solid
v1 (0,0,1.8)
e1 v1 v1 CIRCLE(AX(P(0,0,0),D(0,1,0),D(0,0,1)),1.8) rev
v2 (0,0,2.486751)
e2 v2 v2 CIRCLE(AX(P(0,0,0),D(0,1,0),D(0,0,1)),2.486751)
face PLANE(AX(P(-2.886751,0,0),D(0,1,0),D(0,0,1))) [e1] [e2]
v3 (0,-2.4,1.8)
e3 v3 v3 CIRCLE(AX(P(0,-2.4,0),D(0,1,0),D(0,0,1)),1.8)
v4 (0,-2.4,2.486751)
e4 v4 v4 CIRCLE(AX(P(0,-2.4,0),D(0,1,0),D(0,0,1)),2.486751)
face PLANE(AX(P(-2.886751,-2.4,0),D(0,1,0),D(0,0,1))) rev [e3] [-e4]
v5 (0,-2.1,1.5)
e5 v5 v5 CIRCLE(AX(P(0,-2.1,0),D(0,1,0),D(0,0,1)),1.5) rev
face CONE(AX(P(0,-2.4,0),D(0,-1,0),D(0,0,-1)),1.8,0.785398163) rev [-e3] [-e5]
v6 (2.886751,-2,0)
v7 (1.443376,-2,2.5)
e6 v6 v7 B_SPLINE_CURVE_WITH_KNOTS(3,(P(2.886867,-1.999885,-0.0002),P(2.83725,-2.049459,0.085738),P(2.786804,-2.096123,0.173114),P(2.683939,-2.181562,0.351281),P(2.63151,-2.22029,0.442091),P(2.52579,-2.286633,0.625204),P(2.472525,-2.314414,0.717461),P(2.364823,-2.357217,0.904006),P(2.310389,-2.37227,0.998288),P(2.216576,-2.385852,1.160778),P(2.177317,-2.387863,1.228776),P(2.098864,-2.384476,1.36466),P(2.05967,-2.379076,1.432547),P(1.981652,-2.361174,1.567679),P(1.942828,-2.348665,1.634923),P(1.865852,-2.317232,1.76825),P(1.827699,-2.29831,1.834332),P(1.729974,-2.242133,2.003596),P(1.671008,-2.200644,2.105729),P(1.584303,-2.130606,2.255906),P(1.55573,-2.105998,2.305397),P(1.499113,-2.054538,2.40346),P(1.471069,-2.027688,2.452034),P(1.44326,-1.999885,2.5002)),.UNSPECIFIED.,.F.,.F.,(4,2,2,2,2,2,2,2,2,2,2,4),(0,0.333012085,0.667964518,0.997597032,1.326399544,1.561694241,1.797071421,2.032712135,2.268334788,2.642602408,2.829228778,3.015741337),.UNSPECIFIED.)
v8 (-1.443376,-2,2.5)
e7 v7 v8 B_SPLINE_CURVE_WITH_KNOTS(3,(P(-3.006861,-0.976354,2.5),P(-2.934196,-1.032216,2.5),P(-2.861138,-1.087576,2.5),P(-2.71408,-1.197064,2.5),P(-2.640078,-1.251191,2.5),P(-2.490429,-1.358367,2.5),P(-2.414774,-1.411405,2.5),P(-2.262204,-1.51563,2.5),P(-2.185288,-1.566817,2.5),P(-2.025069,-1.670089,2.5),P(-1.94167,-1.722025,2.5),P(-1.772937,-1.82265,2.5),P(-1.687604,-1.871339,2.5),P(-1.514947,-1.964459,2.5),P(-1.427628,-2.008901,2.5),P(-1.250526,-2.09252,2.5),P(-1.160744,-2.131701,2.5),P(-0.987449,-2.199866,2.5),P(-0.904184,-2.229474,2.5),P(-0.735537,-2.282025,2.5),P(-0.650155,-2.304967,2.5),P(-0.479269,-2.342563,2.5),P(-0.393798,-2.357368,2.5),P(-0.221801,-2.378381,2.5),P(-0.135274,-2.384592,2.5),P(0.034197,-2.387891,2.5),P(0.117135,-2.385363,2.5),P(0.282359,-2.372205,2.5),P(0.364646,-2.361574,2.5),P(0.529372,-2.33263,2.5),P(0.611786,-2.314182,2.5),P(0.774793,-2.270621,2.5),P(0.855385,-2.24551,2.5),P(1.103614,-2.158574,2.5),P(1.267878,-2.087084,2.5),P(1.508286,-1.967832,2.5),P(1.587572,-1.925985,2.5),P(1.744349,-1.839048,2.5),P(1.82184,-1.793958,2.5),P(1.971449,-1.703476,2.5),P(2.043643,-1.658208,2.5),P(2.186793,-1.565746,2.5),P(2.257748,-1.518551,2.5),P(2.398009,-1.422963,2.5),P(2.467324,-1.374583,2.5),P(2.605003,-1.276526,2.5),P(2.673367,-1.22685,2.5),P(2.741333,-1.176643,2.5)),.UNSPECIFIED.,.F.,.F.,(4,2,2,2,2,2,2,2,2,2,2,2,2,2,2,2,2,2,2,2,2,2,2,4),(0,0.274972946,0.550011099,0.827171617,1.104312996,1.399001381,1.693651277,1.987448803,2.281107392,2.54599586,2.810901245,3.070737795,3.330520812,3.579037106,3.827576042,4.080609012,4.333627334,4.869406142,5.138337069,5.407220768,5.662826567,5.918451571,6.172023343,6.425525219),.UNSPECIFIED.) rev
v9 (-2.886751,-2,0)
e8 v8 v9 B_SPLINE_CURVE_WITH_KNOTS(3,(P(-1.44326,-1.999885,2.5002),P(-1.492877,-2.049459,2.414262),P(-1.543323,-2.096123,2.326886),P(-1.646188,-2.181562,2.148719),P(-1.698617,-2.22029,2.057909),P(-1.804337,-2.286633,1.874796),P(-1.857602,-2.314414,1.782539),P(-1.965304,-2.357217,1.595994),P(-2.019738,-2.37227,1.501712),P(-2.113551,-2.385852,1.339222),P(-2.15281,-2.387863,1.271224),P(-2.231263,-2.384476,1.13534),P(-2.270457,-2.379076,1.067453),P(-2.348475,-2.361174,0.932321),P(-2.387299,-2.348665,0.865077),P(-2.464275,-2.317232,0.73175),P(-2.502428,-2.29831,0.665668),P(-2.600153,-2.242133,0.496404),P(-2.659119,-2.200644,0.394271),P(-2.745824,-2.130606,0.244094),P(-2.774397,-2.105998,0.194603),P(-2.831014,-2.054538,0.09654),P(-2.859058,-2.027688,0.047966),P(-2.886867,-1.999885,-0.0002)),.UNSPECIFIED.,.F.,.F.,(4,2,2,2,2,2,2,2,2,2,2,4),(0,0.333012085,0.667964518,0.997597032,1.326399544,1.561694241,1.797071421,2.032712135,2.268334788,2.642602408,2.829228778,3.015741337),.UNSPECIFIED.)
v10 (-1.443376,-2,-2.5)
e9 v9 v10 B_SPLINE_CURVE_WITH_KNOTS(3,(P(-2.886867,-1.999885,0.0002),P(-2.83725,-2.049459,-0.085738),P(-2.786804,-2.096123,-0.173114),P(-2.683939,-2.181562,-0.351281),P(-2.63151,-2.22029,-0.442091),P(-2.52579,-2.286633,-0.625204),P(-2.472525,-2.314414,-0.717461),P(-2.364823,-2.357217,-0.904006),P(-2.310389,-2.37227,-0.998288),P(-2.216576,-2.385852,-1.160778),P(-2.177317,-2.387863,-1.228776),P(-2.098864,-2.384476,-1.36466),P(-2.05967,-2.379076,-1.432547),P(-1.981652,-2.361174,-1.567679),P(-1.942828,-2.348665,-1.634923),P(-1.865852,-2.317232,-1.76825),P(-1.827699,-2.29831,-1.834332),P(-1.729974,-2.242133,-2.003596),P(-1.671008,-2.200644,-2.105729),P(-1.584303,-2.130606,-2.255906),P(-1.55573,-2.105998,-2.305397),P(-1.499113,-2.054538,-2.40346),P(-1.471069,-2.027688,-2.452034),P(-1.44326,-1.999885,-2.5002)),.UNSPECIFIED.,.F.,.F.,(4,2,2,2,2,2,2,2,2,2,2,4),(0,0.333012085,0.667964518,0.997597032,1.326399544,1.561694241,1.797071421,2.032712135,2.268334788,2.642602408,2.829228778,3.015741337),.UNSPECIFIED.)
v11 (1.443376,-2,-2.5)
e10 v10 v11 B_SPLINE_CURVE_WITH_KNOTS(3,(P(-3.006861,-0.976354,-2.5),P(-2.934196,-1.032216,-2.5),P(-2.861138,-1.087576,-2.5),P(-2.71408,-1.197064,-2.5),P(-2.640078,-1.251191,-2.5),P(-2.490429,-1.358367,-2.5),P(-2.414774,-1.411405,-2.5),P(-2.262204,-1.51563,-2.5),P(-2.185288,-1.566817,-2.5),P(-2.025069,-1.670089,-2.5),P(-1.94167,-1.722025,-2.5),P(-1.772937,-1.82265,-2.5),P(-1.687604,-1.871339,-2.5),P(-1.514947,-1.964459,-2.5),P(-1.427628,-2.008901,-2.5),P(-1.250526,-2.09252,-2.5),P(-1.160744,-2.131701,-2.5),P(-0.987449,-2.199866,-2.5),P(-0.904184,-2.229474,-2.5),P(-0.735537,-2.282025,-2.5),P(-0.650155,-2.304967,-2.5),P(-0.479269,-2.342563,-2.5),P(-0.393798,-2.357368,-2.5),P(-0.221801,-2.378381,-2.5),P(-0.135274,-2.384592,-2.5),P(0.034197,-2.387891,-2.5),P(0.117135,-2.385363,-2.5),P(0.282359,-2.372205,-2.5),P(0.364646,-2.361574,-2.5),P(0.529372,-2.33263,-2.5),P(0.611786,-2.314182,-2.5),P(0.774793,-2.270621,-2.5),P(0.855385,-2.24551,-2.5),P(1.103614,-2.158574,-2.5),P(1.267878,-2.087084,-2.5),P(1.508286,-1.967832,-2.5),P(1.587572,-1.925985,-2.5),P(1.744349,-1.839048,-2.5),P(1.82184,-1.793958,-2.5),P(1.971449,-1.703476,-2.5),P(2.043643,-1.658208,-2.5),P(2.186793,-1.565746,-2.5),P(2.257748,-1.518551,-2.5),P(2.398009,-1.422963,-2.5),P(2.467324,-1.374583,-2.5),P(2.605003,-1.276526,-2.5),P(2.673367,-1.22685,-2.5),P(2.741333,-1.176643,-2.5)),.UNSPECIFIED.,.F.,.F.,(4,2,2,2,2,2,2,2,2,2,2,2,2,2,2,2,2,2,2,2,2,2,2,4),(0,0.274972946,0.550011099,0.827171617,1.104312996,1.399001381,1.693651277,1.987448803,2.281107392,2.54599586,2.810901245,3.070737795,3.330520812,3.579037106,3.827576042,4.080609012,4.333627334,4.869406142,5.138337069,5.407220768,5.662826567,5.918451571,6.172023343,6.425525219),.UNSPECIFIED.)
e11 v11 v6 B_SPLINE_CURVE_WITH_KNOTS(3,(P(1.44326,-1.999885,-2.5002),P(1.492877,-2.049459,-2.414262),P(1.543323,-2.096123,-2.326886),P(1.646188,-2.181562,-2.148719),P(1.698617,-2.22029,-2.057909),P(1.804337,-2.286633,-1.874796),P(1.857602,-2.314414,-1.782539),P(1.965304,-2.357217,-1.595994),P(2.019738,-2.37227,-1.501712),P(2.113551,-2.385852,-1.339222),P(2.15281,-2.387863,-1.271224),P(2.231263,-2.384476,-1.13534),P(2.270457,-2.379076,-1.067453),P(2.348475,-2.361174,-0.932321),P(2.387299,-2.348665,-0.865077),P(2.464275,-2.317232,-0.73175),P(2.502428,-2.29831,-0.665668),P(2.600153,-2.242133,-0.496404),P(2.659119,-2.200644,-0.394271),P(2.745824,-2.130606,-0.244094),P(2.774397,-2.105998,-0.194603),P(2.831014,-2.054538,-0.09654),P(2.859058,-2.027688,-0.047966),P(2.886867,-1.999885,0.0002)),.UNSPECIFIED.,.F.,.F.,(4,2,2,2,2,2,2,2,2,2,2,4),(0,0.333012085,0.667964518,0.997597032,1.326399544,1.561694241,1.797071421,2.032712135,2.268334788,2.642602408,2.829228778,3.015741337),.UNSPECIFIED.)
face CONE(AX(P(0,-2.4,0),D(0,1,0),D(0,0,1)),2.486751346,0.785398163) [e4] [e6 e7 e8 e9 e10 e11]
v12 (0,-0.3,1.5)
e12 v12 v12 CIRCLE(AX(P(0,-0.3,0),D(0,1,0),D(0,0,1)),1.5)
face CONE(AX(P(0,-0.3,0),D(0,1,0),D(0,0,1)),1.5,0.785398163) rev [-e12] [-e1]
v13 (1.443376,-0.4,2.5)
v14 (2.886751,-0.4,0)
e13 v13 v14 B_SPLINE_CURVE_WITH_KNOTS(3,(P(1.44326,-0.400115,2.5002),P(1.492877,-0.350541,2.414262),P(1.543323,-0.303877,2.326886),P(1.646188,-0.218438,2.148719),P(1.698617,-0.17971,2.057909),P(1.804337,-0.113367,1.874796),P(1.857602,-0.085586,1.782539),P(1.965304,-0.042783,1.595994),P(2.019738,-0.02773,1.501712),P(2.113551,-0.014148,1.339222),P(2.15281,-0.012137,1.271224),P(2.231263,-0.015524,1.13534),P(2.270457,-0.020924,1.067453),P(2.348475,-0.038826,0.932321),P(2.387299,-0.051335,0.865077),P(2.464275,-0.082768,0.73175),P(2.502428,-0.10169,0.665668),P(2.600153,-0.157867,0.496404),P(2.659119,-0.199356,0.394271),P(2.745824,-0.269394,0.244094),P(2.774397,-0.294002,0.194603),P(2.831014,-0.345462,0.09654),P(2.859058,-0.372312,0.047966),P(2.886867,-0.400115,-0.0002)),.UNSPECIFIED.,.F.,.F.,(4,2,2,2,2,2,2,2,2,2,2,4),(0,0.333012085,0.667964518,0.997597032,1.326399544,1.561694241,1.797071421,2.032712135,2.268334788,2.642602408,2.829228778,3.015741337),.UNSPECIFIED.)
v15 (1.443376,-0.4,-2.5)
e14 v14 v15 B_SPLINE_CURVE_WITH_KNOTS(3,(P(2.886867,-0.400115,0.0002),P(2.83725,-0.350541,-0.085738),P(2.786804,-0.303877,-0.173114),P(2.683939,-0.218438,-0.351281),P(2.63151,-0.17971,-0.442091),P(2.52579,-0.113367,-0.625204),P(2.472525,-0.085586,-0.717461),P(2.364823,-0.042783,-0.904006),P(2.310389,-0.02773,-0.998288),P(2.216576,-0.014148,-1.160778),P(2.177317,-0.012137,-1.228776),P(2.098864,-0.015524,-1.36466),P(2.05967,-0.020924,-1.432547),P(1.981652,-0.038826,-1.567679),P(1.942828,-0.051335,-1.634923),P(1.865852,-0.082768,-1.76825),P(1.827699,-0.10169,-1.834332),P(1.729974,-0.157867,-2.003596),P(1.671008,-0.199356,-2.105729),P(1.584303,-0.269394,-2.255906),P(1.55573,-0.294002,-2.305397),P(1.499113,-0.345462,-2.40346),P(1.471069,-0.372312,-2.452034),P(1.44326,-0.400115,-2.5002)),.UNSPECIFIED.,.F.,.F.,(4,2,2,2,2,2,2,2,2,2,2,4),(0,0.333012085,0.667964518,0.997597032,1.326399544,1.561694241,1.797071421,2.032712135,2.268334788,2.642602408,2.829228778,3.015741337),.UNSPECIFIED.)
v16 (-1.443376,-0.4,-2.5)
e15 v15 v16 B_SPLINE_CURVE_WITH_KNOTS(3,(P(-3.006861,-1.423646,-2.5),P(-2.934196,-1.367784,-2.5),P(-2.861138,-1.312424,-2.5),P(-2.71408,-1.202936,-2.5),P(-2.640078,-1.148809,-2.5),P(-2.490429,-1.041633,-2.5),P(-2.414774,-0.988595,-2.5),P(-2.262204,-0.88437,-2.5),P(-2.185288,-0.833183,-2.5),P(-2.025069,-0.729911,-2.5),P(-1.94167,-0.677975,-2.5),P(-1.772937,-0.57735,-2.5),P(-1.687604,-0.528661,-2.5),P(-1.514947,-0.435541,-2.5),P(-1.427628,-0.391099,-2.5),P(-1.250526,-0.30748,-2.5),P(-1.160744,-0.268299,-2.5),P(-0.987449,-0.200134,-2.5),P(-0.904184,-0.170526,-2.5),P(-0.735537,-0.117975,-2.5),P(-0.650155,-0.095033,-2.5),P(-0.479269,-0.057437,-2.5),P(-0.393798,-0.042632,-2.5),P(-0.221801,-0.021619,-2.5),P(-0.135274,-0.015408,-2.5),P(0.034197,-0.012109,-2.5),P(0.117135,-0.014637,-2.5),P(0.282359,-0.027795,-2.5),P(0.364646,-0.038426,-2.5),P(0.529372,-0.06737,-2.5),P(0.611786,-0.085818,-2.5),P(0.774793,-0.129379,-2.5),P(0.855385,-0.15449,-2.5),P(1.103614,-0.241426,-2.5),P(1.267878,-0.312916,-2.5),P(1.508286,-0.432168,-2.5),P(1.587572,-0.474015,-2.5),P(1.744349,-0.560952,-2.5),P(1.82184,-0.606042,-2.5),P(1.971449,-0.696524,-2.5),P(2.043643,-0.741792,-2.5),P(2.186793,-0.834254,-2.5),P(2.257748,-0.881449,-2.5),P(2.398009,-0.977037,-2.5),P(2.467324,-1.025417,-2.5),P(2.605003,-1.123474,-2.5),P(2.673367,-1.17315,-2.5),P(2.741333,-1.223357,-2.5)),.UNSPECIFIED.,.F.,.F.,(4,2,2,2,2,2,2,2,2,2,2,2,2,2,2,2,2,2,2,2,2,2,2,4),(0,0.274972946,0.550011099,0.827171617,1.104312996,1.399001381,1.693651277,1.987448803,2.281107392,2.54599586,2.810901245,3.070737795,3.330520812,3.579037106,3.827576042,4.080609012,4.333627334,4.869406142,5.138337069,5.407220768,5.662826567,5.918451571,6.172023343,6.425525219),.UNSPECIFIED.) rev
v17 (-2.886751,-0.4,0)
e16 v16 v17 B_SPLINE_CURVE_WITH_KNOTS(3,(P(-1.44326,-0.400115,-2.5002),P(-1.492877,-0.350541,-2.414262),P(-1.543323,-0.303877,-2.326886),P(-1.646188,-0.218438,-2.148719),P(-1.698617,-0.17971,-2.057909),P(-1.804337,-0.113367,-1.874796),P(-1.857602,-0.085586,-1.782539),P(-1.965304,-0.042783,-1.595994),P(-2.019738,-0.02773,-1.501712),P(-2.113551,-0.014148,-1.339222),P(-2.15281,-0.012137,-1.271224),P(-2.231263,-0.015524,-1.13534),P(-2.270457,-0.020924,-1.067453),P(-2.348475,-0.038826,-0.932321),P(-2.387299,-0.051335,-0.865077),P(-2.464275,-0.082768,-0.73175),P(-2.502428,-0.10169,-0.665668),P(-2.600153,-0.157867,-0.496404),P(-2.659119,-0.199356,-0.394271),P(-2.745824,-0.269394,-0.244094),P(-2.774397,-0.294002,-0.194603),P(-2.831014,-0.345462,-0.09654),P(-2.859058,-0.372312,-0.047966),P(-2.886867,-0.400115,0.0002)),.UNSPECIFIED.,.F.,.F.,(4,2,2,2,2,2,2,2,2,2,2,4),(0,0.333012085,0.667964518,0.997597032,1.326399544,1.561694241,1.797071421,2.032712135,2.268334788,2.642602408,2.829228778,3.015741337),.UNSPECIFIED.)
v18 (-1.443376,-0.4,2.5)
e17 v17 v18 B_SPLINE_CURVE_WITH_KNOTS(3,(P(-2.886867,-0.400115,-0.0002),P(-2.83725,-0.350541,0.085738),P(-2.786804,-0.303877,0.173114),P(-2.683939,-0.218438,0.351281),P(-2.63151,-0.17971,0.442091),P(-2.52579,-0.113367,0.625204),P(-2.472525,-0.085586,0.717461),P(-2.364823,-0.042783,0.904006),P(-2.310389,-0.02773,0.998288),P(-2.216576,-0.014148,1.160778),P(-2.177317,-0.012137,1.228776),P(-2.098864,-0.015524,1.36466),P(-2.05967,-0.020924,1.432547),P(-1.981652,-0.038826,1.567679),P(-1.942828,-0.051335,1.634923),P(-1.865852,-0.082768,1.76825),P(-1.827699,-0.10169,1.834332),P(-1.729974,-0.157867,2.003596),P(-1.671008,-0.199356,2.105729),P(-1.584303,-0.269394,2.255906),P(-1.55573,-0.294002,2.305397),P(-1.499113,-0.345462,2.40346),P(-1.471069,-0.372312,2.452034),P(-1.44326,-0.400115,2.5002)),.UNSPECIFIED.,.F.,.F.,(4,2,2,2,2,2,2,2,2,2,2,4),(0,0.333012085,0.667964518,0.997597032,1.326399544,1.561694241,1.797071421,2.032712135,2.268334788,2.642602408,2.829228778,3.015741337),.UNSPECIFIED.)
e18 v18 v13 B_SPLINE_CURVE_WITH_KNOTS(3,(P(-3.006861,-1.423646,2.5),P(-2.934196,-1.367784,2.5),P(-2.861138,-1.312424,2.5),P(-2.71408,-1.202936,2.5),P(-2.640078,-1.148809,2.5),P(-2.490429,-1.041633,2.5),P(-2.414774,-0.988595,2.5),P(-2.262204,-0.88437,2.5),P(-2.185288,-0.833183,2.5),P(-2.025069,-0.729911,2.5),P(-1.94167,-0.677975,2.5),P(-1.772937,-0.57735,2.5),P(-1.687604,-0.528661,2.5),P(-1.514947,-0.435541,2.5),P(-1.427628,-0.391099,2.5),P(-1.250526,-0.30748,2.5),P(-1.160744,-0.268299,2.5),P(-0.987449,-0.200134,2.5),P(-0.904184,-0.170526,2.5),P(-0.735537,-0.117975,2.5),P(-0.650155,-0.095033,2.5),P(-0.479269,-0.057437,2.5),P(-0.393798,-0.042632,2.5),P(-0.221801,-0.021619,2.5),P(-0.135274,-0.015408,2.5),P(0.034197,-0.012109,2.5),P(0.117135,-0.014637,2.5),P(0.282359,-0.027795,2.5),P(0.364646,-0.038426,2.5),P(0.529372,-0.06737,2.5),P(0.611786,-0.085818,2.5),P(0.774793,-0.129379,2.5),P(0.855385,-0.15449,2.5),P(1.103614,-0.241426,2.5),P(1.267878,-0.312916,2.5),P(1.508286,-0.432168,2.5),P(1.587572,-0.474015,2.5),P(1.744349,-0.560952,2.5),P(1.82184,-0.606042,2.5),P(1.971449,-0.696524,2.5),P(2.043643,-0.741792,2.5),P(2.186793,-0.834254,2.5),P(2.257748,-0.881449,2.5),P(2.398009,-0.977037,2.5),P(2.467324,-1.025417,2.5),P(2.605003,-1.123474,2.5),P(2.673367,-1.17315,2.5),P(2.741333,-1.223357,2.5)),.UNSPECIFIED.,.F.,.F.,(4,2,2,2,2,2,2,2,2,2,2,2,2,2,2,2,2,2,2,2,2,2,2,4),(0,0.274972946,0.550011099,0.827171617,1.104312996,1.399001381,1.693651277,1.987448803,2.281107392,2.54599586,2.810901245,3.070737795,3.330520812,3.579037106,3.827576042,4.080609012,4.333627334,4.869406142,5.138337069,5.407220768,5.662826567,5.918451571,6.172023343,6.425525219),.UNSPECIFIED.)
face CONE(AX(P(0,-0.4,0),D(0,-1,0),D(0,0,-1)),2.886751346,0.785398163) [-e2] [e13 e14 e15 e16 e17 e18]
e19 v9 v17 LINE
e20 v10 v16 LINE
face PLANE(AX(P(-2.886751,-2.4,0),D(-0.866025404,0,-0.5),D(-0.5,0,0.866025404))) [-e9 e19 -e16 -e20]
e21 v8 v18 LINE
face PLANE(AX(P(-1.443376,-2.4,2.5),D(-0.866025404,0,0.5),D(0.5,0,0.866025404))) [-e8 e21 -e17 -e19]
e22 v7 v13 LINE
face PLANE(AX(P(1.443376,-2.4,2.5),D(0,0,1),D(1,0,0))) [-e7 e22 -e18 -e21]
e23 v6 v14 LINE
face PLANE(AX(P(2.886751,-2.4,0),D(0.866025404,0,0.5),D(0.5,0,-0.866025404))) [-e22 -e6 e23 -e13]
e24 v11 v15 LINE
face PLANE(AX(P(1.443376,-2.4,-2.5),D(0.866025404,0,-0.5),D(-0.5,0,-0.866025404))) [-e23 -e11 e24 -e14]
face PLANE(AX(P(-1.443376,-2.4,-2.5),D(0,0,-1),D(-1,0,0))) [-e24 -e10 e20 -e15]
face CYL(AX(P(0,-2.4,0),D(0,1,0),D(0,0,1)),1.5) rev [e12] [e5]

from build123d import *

# Parameters (mm, degrees)
EXTRUDE_1_DEPTH     = 2.4
SKETCH_2_R          = 1.5
CUT_EXTRUDE_1_DEPTH = 5.510358448
CHAMFER_1_SIZE      = 0.3


with BuildPart() as part:
    # Эскиз1 → Вытянуть1 (new body)
    with BuildSketch(Plane(origin=(0, 0, 0), x_dir=(1, 0, 0), z_dir=(0, 1, 0))):
        Polygon((-1.443375673, 2.5), (1.443375673, 2.5), (2.886751346, 0), (1.443375673, -2.5), (-1.443375673, -2.5), (-2.886751346, 0), align=None)
    extrude(amount=-EXTRUDE_1_DEPTH)

    # Эскиз2 → Вырез-Вытянуть1 (cut, through all)
    with BuildSketch(Plane(origin=(0, 0, 0), x_dir=(-1, 0, 0), z_dir=(0, 1, 0))):
        with Locations(Location((0, 0, 0), (0, 0, 90))):
            Circle(SKETCH_2_R)
    extrude(amount=-CUT_EXTRUDE_1_DEPTH, mode=Mode.SUBTRACT)

    # Фаска1
    chamfer_1_edges = [part.edges().sort_by_distance(p)[0] for p in [
        (0, -2.4, -1.5),
        (0, 0, -1.5),
    ]]
    chamfer(chamfer_1_edges, length=CHAMFER_1_SIZE)

    # Эскиз3 → Вырез-Повернуть1 (revolve, cut)
    with BuildSketch(Plane.XY, mode=Mode.PRIVATE) as cut_revolve_1_sk:
        Polygon((-2.886751346, 0), (-2.486751346, 0), (-2.886751346, -0.4), align=None)
        Polygon((-2.886751346, -2), (-2.886751346, -2.4), (-2.486751346, -2.4), align=None)
    revolve(cut_revolve_1_sk.sketch.rotate(Axis((0, -0.3, 0), (0, -1, 0)), 120.000000241), axis=Axis((0, -0.3, 0), (0, -1, 0)), mode=Mode.SUBTRACT)


solid = part.part
